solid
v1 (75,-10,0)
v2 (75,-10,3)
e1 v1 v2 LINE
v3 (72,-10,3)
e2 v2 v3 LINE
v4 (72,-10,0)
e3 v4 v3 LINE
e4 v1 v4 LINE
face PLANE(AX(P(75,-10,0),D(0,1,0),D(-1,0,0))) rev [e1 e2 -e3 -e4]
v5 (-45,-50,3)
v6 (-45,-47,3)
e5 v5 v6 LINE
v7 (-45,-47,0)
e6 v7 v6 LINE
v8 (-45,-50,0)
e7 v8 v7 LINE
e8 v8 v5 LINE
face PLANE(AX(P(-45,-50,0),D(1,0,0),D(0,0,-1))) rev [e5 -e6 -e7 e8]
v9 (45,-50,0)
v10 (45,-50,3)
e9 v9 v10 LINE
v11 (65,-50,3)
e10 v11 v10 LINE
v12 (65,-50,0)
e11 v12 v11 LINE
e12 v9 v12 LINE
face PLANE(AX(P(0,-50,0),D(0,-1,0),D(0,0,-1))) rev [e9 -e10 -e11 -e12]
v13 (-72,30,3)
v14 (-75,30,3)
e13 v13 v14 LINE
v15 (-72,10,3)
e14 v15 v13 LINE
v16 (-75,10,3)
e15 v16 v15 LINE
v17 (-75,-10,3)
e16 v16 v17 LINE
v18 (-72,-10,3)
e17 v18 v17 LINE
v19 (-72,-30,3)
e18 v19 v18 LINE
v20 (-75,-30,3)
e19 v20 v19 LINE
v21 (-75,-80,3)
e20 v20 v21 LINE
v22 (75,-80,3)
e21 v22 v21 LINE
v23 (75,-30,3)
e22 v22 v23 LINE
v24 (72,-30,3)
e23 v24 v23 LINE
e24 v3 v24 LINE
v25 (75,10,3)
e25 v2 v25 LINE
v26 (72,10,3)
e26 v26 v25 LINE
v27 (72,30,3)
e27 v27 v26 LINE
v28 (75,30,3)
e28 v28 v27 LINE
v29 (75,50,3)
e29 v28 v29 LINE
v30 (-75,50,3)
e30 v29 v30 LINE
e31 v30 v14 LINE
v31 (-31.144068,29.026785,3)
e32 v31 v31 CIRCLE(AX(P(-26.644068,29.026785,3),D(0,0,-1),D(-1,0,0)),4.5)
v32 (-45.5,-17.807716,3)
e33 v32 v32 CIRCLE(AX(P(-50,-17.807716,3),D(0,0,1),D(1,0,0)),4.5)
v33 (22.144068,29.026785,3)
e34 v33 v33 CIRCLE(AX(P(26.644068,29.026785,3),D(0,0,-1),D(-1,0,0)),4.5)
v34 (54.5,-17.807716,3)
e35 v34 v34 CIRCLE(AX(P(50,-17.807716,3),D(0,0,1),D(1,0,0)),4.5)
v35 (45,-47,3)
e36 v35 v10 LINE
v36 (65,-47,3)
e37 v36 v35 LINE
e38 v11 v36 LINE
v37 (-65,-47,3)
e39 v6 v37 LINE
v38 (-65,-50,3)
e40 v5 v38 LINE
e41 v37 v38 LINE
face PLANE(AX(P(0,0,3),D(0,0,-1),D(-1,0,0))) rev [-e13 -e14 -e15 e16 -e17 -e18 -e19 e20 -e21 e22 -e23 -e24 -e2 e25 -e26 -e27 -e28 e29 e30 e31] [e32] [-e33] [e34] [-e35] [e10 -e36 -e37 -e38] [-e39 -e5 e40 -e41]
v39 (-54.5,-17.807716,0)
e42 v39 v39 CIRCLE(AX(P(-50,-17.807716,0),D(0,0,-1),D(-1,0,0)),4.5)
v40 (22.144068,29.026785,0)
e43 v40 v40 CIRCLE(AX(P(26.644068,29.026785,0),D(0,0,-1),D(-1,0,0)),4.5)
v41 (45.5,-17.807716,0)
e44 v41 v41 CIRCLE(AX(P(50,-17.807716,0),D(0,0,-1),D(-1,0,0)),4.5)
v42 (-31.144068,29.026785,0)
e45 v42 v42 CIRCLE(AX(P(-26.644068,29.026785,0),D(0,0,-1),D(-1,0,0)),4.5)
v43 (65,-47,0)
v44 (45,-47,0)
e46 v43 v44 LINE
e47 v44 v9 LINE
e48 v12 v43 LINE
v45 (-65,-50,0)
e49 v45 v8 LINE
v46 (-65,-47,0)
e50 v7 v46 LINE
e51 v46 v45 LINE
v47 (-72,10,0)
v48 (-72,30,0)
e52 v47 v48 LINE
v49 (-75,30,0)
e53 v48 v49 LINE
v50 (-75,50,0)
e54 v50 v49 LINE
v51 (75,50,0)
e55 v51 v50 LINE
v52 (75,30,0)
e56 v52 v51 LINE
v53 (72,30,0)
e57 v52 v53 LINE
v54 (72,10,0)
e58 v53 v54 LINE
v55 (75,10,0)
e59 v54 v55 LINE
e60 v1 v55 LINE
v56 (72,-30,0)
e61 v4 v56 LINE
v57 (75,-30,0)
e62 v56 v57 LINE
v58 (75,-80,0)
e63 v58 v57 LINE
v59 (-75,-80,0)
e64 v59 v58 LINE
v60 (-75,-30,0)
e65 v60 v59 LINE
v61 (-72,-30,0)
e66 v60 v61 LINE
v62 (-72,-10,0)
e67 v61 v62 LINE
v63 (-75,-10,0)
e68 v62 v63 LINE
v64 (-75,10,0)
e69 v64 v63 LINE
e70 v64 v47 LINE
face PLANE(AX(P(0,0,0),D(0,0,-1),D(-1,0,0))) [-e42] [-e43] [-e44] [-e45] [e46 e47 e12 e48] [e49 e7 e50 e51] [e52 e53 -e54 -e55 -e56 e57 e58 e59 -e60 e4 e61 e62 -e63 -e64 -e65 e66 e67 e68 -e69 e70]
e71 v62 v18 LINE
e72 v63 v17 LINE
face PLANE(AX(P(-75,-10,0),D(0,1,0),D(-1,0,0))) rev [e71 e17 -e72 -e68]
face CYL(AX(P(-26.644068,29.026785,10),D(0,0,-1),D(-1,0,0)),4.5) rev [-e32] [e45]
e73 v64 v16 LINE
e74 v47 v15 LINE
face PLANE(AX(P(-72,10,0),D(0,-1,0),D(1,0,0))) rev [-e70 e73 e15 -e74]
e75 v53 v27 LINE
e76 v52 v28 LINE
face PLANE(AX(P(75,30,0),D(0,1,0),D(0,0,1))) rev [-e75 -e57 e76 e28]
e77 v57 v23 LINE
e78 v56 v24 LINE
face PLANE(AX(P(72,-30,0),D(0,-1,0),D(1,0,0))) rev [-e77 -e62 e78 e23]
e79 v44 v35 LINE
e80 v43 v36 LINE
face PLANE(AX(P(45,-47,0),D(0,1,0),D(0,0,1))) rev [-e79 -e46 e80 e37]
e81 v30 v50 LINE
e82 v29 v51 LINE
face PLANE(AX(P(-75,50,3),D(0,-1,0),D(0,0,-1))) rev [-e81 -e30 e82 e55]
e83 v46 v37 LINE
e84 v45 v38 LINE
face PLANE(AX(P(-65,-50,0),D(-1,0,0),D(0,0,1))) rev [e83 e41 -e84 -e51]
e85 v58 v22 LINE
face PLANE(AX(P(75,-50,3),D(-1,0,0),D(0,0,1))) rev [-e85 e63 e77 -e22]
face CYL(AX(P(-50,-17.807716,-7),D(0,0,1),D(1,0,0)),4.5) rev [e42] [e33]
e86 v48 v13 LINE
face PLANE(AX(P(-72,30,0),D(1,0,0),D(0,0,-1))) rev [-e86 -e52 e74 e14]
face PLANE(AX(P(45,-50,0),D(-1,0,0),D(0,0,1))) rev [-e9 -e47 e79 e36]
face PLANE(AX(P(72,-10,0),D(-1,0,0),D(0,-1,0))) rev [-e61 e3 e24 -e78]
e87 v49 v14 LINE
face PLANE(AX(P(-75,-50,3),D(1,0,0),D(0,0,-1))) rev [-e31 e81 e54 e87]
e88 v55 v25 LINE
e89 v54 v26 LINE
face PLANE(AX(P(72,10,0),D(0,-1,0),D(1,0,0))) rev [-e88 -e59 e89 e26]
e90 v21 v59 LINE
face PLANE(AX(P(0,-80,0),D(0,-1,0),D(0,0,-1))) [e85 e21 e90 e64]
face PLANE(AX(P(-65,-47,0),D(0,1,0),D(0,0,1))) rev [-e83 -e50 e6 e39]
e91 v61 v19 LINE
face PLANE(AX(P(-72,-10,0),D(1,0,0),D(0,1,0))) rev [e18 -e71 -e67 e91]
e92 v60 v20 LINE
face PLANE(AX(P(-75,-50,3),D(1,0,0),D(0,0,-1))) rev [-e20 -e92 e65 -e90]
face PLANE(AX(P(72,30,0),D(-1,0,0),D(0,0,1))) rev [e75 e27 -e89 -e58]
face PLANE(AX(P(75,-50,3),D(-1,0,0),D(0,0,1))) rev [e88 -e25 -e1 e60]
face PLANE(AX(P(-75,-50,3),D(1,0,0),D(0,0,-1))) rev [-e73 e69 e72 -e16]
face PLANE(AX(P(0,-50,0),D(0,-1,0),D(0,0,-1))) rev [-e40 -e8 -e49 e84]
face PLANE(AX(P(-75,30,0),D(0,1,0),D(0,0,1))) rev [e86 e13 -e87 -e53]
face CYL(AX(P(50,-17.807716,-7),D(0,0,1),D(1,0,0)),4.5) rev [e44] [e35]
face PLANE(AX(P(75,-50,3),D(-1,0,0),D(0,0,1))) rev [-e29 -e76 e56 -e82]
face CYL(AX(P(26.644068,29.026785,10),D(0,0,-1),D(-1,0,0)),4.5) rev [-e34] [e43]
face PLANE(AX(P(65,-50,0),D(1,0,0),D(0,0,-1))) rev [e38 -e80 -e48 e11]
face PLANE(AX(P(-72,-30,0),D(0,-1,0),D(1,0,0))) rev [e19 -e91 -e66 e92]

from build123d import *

# Parameters (mm, degrees)
SKETCH1_W           = 150
SKETCH1_H           = 100
BOSS_EXTRUDE1_DEPTH = 3
SKETCH2_W           = 3
SKETCH2_H           = 20
SKETCH2_W_2         = 20
SKETCH2_H_2         = 3
CUT_EXTRUDE1_DEPTH  = 3
SKETCH3_W           = 150
SKETCH3_H           = 3
BOSS_EXTRUDE2_DEPTH = 30
SKETCH5_R           = 4.5
CUT_EXTRUDE2_DEPTH  = 10
SKETCH6_R           = 4.5
CUT_EXTRUDE3_DEPTH  = 10


with BuildPart() as part:
    # Sketch1 → Boss-Extrude1 (new body)
    with BuildSketch(Plane.XY):
        Rectangle(SKETCH1_W, SKETCH1_H)
    extrude(amount=BOSS_EXTRUDE1_DEPTH)

    # Sketch2 → Cut-Extrude1 (cut)
    with BuildSketch(Plane.XY.offset(3)):
        with Locations((73.5, 20)):
            Rectangle(SKETCH2_W, SKETCH2_H)
        with Locations((73.5, -20)):
            Rectangle(SKETCH2_W, SKETCH2_H)
        with Locations((-73.5, -20)):
            Rectangle(SKETCH2_W, SKETCH2_H)
        with Locations((-73.5, 20)):
            Rectangle(SKETCH2_W, SKETCH2_H)
        with Locations((-55, -48.5)):
            Rectangle(SKETCH2_W_2, SKETCH2_H_2)
        with Locations((55, -48.5)):
            Rectangle(SKETCH2_W_2, SKETCH2_H_2)
    extrude(amount=-CUT_EXTRUDE1_DEPTH, mode=Mode.SUBTRACT)

    # Sketch3 → Boss-Extrude2 (add)
    with BuildSketch(Plane.XZ.offset(50)):
        with Locations((0, 1.5)):
            Rectangle(SKETCH3_W, SKETCH3_H)
    extrude(amount=BOSS_EXTRUDE2_DEPTH)

    # Sketch5 → Cut-Extrude2 (cut)
    with BuildSketch(Plane.XY.offset(3)):
        with Locations((50, -17.807715926)):
            Circle(SKETCH5_R)
        with Locations((-50, -17.807715926)):
            Circle(SKETCH5_R)
    extrude(amount=-CUT_EXTRUDE2_DEPTH, mode=Mode.SUBTRACT)

    # Sketch6 → Cut-Extrude3 (cut)
    with BuildSketch(Plane(origin=(0, 0, 0), x_dir=(-1, 0, 0), z_dir=(0, 0, -1))):
        with Locations((26.644067797, 29.026784983)):
            Circle(SKETCH6_R)
        with Locations((-26.644067797, 29.026784983)):
            Circle(SKETCH6_R)
    extrude(amount=-CUT_EXTRUDE3_DEPTH, mode=Mode.SUBTRACT)


solid = part.part
